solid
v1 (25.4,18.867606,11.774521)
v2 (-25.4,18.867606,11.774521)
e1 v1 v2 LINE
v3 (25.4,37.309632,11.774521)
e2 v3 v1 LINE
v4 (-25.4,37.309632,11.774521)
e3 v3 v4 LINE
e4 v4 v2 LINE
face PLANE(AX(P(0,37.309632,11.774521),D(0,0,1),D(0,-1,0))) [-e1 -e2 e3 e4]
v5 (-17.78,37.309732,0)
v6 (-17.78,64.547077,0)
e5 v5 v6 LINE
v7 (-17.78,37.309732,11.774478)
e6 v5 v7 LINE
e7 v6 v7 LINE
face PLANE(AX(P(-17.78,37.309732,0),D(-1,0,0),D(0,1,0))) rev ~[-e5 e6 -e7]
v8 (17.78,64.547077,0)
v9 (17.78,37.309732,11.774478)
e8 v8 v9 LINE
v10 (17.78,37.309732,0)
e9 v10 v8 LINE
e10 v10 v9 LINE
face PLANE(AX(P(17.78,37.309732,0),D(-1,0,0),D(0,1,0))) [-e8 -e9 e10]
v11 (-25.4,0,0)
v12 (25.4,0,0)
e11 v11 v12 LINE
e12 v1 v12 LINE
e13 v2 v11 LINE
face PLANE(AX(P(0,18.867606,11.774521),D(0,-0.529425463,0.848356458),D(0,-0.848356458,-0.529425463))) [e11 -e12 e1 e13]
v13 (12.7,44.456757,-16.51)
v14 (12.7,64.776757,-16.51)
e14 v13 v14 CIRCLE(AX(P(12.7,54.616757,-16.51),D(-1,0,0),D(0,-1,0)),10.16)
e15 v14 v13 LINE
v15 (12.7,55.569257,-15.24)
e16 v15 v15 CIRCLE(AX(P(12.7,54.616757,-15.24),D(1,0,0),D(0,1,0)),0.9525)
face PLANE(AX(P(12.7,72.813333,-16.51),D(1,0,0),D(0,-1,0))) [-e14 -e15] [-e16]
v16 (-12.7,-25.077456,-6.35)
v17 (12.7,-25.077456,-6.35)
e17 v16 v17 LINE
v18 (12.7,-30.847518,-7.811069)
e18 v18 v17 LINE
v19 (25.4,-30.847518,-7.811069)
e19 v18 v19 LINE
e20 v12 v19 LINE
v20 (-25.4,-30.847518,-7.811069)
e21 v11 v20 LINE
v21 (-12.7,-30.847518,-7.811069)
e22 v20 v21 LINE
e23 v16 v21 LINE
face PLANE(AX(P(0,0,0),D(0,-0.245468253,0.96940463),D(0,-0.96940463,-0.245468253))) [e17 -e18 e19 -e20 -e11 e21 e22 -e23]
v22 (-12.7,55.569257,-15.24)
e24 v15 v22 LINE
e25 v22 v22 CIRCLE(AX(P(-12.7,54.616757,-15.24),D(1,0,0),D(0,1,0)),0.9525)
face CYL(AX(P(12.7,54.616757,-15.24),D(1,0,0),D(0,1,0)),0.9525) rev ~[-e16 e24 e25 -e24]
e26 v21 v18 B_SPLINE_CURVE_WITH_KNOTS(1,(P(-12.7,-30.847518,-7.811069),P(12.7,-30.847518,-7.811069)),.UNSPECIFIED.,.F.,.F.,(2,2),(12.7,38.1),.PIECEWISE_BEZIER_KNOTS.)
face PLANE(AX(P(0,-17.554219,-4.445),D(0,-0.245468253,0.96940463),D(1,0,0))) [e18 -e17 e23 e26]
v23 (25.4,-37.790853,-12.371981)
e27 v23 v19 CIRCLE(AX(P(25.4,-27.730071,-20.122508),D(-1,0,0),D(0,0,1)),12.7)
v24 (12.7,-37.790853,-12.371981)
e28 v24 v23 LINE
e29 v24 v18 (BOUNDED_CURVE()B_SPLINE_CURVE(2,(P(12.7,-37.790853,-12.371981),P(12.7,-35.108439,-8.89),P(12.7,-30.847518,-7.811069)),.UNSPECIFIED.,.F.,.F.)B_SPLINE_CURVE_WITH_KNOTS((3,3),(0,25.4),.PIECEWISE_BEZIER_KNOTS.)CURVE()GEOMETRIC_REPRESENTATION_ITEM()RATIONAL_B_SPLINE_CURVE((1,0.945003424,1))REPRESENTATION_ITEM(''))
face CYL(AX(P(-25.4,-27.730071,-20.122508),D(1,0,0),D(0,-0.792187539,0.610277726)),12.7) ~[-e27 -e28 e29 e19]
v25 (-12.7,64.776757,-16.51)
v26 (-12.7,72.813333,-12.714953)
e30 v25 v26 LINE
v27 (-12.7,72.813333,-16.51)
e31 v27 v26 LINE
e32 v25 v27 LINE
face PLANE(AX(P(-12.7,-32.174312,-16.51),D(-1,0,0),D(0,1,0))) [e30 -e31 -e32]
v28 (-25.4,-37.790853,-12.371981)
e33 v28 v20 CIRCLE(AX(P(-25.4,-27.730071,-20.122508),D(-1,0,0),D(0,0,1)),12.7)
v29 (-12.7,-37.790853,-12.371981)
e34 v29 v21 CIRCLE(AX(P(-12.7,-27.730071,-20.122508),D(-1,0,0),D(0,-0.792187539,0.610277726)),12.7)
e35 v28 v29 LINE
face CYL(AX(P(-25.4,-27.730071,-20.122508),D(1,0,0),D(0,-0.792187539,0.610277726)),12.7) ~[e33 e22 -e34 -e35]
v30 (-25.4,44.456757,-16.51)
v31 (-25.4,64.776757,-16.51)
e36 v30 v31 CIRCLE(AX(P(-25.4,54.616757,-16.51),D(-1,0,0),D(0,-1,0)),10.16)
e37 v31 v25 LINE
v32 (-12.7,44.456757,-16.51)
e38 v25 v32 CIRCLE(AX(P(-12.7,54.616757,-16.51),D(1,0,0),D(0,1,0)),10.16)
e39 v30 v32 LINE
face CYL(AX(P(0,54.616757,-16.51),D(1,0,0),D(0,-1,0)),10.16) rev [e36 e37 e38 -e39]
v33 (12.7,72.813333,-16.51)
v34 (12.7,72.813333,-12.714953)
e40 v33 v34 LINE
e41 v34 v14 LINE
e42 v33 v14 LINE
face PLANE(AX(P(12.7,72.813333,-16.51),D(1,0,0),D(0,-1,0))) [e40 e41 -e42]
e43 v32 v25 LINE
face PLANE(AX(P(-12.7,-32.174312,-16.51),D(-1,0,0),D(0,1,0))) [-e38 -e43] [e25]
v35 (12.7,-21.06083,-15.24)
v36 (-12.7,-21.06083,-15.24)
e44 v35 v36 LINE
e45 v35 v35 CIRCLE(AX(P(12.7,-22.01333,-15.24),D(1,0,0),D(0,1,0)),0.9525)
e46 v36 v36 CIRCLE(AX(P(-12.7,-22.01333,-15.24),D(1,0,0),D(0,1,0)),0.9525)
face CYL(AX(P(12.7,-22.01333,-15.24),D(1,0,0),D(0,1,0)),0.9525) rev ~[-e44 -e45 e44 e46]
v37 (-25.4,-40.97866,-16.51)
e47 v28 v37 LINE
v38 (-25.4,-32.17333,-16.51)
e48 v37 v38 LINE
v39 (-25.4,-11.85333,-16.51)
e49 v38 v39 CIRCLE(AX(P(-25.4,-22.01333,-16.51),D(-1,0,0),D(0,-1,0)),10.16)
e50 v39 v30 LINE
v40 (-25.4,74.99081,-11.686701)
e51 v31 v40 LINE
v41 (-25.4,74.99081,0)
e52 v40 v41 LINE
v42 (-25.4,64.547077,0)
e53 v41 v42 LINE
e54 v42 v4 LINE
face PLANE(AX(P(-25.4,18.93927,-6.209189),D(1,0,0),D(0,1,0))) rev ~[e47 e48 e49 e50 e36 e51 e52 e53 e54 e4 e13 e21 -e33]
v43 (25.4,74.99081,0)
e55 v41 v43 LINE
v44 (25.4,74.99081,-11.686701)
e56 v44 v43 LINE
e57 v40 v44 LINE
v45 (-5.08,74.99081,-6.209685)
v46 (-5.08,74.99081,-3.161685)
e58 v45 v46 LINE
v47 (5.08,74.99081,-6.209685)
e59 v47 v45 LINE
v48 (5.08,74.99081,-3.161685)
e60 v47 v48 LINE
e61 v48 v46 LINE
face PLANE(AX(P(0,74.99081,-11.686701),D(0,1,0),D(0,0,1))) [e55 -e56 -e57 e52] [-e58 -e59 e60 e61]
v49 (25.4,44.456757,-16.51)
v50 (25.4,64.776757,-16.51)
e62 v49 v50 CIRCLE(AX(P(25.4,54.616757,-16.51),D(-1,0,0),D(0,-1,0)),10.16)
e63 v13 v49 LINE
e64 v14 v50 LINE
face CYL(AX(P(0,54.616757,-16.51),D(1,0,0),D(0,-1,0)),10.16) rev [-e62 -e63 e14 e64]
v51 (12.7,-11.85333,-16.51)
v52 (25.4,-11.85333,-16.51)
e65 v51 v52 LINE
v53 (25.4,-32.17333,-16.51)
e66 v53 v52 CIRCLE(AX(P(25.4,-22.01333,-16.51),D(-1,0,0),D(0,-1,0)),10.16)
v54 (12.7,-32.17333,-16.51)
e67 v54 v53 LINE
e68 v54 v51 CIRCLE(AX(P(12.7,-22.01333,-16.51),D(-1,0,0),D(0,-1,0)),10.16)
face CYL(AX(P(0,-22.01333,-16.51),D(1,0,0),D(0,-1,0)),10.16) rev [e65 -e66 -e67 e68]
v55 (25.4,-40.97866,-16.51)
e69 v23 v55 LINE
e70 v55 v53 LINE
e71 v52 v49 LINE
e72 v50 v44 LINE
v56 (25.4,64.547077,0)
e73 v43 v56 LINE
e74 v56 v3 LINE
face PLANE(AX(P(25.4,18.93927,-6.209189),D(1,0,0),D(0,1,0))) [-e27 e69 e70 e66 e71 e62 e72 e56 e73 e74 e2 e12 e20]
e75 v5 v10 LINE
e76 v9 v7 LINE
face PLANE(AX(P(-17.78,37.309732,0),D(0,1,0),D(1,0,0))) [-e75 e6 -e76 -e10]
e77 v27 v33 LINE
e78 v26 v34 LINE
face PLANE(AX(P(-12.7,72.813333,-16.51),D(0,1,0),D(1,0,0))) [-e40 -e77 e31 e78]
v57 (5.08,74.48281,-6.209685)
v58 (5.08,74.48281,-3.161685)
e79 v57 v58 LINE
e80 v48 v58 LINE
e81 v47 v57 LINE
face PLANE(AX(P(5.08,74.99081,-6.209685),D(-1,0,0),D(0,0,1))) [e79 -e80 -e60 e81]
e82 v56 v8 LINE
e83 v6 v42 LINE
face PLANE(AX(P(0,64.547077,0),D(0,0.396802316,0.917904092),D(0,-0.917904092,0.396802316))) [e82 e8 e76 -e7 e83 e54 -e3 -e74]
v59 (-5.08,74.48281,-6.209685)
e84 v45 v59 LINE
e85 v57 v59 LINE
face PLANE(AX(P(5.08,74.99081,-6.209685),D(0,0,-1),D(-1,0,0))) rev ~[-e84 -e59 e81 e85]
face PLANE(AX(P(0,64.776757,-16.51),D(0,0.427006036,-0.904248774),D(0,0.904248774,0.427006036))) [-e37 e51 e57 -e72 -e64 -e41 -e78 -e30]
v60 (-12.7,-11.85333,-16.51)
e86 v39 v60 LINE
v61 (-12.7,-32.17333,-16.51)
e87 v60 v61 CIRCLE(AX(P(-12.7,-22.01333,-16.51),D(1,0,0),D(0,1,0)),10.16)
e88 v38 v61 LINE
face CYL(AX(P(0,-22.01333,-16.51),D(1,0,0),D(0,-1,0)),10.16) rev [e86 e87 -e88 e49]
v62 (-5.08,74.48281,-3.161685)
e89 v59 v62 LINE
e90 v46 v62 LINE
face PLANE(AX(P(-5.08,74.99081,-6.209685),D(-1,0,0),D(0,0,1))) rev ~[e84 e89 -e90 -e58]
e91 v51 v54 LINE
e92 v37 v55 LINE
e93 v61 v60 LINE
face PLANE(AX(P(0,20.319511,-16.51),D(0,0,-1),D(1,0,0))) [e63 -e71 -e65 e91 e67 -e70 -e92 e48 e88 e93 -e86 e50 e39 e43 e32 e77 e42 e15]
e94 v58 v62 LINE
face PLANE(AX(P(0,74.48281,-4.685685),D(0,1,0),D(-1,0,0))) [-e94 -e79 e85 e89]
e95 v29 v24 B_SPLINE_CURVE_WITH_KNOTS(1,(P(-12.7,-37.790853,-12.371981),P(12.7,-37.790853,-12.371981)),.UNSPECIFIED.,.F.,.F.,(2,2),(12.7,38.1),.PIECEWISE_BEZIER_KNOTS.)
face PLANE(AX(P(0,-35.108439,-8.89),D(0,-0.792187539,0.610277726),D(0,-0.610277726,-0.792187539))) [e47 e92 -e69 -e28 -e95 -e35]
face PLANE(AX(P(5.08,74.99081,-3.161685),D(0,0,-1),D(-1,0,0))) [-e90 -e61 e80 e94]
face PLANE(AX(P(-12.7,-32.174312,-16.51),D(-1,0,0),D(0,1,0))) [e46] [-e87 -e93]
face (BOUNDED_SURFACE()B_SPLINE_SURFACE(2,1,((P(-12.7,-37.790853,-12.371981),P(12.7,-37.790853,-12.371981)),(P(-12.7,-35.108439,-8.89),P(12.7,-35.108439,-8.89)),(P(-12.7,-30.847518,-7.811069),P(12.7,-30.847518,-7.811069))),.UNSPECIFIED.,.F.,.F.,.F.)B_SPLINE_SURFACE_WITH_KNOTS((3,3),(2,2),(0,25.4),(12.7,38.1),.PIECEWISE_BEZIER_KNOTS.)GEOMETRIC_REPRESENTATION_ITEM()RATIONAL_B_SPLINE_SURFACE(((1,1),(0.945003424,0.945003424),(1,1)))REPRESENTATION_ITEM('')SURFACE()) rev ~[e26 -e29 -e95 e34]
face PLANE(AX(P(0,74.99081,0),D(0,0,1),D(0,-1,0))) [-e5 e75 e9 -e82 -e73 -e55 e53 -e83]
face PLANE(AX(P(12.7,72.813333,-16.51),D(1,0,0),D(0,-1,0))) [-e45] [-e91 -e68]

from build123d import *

# Parameters (mm, degrees)
F1_DEPTH  = 25.4
F2_W      = 35.56
F2_H      = 27.2373445332
F3_DEPTH  = 11.7755213211
F5_DEPTH  = 10.16
F6_W      = 50.8
F6_H      = 36.2164959553
F7_DEPTH  = 21.4742356462
F8_R      = 12.7
F9_W      = 10.16
F9_H      = 3.048
F10_DEPTH = 0.508
F11_R     = 0.9525
F12_DEPTH = 38.101
F13_R     = 0.9525
F14_DEPTH = 38.101


with BuildPart() as f1:
    # F0 (on Right) → F1 (new body, symmetric)
    with BuildSketch(Plane.YZ):
        with BuildLine():
            Line((18.8676062971, 11.7745213211), (0, 0))
            Line((0, 0), (-35.1084388614, -8.89))
            Line((-35.1084388614, -8.89), (-40.9786602931, -16.51))
            Line((-40.9786602931, -16.51), (-32.1733296278, -16.51))
            ThreePointArc((-32.1733296278, -16.51), (-22.0133296278, -6.35), (-11.8533296278, -16.51))
            Line((-11.8533296278, -16.51), (44.4567567372, -16.51))
            ThreePointArc((44.4567567372, -16.51), (54.6167567372, -6.35), (64.7767567372, -16.51))
            Line((64.7767567372, -16.51), (74.9908098316, -11.6867008752))
            Line((74.9908098316, -11.6867008752), (74.9908098316, 0))
            Line((74.9908098316, 0), (64.5470768213, 0))
            Line((64.5470768213, 0), (37.3096317053, 11.7745213211))
            Line((37.3096317053, 11.7745213211), (18.8676062971, 11.7745213211))
        make_face()
    extrude(amount=F1_DEPTH, both=True)

    # F2 (on face) → F3 (cut, through all)
    with BuildSketch(Plane.XY):
        with Locations((0, 50.9284045547)):
            Rectangle(F2_W, F2_H)
    extrude(amount=F3_DEPTH, mode=Mode.SUBTRACT)

    # F4 (on face) → F5 (join)
    with BuildSketch(Plane(origin=(0, 0, -16.51), x_dir=(1, 0, 0), z_dir=(0, 0, -1))):
        Polygon((-12.7, -72.8133333333), (0, -72.8133333333), (12.7, -72.8133333333), (12.7, 32.1743115783), (-12.7, 32.1743115783), align=None)
    extrude(amount=-F5_DEPTH)

    # F6 (on face) → F7 (cut, through all)
    with BuildSketch(Plane(origin=(0, 0, 0), x_dir=(1, 0, 0), z_dir=(0, -0.2454682532, 0.96940463))):
        with Locations((0, -18.1082479777)):
            Rectangle(F6_W, F6_H)
    extrude(amount=F7_DEPTH, mode=Mode.SUBTRACT)

    # F8
    f8_edges = [f1.edges().sort_by_distance(p)[0] for p in [
        (0, -35.108439, -8.89),
    ]]
    fillet(f8_edges, radius=F8_R)

    # F9 (on face) → F10 (cut)
    with BuildSketch(Plane(origin=(0, 74.9908098316, 0), x_dir=(-1, 0, 0), z_dir=(0, 1, 0))):
        with Locations((0, -4.6856853668)):
            Rectangle(F9_W, F9_H)
    extrude(amount=-F10_DEPTH, mode=Mode.SUBTRACT)

    # F11 (on face) → F12 (cut, through all)
    with BuildSketch(Plane.YZ.offset(12.7)):
        with Locations((-22.0133296278, -15.24)):
            Circle(F11_R)
    extrude(amount=-F12_DEPTH, mode=Mode.SUBTRACT)

    # F13 (on face) → F14 (cut, through all)
    with BuildSketch(Plane.YZ.offset(12.7)):
        with Locations((54.6167567372, -15.24)):
            Circle(F13_R)
    extrude(amount=-F14_DEPTH, mode=Mode.SUBTRACT)


solid = f1.part
